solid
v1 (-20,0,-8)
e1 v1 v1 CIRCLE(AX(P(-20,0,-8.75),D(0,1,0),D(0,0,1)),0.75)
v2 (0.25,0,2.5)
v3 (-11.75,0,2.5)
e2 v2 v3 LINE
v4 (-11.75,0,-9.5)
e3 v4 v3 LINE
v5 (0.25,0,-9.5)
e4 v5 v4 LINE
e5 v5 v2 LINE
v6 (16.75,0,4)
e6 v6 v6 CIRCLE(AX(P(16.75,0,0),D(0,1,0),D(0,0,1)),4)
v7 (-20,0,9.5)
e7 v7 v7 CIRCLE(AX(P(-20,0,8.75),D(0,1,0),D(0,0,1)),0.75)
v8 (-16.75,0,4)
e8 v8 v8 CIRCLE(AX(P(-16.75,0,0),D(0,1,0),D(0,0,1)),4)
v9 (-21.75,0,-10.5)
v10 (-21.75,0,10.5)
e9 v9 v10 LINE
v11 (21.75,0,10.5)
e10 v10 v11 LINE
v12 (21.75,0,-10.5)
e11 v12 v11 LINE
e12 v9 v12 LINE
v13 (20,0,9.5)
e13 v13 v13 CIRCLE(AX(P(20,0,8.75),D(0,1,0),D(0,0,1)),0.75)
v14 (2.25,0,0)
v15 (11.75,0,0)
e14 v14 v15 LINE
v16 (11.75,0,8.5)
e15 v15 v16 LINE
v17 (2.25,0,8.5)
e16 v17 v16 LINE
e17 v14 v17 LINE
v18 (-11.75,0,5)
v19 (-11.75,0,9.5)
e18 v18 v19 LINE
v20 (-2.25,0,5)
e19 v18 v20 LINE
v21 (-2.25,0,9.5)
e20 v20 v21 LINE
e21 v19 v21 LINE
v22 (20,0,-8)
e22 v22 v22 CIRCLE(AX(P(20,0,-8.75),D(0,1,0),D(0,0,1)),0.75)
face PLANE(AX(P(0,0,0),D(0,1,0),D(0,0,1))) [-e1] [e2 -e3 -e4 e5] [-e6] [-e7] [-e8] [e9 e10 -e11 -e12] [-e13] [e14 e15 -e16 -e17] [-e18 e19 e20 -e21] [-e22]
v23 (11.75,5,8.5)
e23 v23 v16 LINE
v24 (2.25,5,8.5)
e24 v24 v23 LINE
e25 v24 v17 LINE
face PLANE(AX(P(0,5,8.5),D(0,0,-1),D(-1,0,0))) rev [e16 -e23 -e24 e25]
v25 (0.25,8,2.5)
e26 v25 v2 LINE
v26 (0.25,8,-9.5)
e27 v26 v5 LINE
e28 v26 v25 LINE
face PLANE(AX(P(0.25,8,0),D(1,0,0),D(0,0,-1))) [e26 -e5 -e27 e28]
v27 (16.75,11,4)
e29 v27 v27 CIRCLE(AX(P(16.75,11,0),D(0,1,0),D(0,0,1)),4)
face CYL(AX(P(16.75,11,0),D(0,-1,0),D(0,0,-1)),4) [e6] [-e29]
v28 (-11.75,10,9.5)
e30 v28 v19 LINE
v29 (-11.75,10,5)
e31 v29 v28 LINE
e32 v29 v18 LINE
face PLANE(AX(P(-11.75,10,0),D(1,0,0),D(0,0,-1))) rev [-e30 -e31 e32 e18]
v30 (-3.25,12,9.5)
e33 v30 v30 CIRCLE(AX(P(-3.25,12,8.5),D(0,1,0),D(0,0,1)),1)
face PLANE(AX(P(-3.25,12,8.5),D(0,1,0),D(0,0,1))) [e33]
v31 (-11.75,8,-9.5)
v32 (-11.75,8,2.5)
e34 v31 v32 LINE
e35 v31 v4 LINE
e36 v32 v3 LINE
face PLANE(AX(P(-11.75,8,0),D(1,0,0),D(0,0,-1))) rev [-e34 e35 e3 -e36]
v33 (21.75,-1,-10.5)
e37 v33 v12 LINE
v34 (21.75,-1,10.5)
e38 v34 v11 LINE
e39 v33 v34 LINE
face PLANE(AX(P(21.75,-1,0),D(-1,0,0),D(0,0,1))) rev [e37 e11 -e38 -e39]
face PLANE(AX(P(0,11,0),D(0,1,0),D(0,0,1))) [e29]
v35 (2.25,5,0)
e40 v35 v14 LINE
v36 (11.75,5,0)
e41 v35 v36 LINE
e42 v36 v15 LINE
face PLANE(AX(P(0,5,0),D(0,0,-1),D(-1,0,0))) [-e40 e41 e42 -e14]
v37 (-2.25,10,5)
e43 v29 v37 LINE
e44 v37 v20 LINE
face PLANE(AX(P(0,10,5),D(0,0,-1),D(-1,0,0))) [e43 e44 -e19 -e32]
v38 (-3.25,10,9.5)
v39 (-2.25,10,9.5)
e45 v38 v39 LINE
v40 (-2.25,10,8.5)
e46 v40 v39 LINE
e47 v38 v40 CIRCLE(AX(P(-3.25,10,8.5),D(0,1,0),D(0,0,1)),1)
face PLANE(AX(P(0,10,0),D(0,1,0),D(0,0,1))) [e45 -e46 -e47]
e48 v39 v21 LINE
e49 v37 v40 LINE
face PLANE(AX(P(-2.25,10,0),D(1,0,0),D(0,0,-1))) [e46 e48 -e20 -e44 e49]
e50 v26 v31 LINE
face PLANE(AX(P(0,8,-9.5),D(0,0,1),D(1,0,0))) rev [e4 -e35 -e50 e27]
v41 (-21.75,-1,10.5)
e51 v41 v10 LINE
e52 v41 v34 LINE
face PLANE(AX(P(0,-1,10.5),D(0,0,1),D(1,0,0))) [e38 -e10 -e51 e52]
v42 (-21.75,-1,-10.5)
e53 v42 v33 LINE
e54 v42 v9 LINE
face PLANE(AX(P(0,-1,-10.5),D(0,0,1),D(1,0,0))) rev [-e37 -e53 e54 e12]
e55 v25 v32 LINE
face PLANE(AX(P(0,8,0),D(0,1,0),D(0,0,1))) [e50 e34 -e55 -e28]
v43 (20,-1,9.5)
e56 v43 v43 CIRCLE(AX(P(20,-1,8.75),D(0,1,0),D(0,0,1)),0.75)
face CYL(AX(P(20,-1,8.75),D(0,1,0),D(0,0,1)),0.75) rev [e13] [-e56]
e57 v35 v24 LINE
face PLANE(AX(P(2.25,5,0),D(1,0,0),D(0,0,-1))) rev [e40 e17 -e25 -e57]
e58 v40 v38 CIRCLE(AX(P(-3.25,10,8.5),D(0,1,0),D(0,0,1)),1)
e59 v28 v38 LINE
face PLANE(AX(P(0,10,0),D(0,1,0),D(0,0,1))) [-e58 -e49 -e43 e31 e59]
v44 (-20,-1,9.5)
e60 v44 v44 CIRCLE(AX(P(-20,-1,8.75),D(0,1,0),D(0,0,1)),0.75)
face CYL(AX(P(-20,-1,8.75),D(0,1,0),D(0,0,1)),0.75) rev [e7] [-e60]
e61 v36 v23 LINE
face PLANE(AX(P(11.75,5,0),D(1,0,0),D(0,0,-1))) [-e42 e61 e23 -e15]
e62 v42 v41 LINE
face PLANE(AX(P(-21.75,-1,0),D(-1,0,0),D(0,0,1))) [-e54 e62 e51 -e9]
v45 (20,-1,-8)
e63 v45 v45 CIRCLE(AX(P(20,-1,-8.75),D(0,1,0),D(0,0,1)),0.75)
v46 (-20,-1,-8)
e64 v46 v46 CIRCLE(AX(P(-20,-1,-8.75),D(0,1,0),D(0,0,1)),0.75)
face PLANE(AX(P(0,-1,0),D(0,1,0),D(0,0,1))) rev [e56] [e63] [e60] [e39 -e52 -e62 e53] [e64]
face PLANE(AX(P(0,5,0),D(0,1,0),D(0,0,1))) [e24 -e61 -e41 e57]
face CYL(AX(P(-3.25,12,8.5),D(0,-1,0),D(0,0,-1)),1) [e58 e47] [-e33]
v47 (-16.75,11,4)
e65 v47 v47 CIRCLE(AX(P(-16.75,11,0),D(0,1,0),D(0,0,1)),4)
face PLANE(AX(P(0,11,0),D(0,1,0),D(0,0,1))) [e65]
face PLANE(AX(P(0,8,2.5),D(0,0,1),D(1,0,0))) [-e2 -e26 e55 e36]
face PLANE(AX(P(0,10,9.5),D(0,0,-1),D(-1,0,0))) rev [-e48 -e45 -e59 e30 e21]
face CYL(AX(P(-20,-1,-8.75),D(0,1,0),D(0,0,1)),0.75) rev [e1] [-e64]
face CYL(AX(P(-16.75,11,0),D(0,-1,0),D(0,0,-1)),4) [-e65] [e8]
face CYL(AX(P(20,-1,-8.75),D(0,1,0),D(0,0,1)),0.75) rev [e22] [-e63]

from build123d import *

# Parameters (mm, degrees)
SKETCH_1_W      = 43.5
SKETCH_1_H      = 21
SKETCH_1_R      = 0.75
EXTRUDE_1_DEPTH = 1
SKETCH_1_3_R    = 4
EXTRUDE_2_DEPTH = 11
SKETCH_1_4_W    = 9.5
SKETCH_1_4_H    = 8.5
EXTRUDE_3_DEPTH = 5
SKETCH_1_5_W    = 9.5
SKETCH_1_5_H    = 4.5
EXTRUDE_4_DEPTH = 10
SKETCH_1_6_W    = 12
SKETCH_1_6_H    = 12
EXTRUDE_5_DEPTH = 8
SKETCH_2_R      = 1
EXTRUDE_6_DEPTH = 2


with BuildPart() as part:
    # Эскиз1 → Бобышка-Вытянуть1 (new body)
    with BuildSketch(Plane(origin=(0, 0, 0), x_dir=(1, 0, 0), z_dir=(0, 1, 0))):
        Rectangle(SKETCH_1_W, SKETCH_1_H)
        with Locations((-20, -8.75)):
            Circle(SKETCH_1_R, mode=Mode.SUBTRACT)
        with Locations((20, -8.75)):
            Circle(SKETCH_1_R, mode=Mode.SUBTRACT)
        with Locations((-20, 8.75)):
            Circle(SKETCH_1_R, mode=Mode.SUBTRACT)
        with Locations((20, 8.75)):
            Circle(SKETCH_1_R, mode=Mode.SUBTRACT)
    extrude(amount=-EXTRUDE_1_DEPTH)

    # Эскиз1<3> → Бобышка-Вытянуть2 (add)
    with BuildSketch(Plane(origin=(0, 0, 0), x_dir=(1, 0, 0), z_dir=(0, 1, 0))):
        with Locations((-16.75, 0)):
            Circle(SKETCH_1_3_R)
        with Locations((16.75, 0)):
            Circle(SKETCH_1_3_R)
    extrude(amount=EXTRUDE_2_DEPTH)

    # Эскиз1<4> → Бобышка-Вытянуть3 (add)
    with BuildSketch(Plane(origin=(0, 0, 0), x_dir=(1, 0, 0), z_dir=(0, 1, 0))):
        with Locations((7, -4.25)):
            Rectangle(SKETCH_1_4_W, SKETCH_1_4_H)
    extrude(amount=EXTRUDE_3_DEPTH)

    # Эскиз1<5> → Бобышка-Вытянуть4 (add)
    with BuildSketch(Plane(origin=(0, 0, 0), x_dir=(1, 0, 0), z_dir=(0, 1, 0))):
        with Locations((-7, -7.25)):
            Rectangle(SKETCH_1_5_W, SKETCH_1_5_H)
    extrude(amount=EXTRUDE_4_DEPTH)

    # Эскиз1<6> → Бобышка-Вытянуть5 (add)
    with BuildSketch(Plane(origin=(0, 0, 0), x_dir=(1, 0, 0), z_dir=(0, 1, 0))):
        with Locations((-5.75, 3.5)):
            Rectangle(SKETCH_1_6_W, SKETCH_1_6_H)
    extrude(amount=EXTRUDE_5_DEPTH)

    # Эскиз2 → Бобышка-Вытянуть6 (add)
    with BuildSketch(Plane(origin=(0, 10, 0), x_dir=(1, 0, 0), z_dir=(0, 1, 0))):
        with Locations((-3.25, -8.5)):
            Circle(SKETCH_2_R)
    extrude(amount=EXTRUDE_6_DEPTH)


solid = part.part
